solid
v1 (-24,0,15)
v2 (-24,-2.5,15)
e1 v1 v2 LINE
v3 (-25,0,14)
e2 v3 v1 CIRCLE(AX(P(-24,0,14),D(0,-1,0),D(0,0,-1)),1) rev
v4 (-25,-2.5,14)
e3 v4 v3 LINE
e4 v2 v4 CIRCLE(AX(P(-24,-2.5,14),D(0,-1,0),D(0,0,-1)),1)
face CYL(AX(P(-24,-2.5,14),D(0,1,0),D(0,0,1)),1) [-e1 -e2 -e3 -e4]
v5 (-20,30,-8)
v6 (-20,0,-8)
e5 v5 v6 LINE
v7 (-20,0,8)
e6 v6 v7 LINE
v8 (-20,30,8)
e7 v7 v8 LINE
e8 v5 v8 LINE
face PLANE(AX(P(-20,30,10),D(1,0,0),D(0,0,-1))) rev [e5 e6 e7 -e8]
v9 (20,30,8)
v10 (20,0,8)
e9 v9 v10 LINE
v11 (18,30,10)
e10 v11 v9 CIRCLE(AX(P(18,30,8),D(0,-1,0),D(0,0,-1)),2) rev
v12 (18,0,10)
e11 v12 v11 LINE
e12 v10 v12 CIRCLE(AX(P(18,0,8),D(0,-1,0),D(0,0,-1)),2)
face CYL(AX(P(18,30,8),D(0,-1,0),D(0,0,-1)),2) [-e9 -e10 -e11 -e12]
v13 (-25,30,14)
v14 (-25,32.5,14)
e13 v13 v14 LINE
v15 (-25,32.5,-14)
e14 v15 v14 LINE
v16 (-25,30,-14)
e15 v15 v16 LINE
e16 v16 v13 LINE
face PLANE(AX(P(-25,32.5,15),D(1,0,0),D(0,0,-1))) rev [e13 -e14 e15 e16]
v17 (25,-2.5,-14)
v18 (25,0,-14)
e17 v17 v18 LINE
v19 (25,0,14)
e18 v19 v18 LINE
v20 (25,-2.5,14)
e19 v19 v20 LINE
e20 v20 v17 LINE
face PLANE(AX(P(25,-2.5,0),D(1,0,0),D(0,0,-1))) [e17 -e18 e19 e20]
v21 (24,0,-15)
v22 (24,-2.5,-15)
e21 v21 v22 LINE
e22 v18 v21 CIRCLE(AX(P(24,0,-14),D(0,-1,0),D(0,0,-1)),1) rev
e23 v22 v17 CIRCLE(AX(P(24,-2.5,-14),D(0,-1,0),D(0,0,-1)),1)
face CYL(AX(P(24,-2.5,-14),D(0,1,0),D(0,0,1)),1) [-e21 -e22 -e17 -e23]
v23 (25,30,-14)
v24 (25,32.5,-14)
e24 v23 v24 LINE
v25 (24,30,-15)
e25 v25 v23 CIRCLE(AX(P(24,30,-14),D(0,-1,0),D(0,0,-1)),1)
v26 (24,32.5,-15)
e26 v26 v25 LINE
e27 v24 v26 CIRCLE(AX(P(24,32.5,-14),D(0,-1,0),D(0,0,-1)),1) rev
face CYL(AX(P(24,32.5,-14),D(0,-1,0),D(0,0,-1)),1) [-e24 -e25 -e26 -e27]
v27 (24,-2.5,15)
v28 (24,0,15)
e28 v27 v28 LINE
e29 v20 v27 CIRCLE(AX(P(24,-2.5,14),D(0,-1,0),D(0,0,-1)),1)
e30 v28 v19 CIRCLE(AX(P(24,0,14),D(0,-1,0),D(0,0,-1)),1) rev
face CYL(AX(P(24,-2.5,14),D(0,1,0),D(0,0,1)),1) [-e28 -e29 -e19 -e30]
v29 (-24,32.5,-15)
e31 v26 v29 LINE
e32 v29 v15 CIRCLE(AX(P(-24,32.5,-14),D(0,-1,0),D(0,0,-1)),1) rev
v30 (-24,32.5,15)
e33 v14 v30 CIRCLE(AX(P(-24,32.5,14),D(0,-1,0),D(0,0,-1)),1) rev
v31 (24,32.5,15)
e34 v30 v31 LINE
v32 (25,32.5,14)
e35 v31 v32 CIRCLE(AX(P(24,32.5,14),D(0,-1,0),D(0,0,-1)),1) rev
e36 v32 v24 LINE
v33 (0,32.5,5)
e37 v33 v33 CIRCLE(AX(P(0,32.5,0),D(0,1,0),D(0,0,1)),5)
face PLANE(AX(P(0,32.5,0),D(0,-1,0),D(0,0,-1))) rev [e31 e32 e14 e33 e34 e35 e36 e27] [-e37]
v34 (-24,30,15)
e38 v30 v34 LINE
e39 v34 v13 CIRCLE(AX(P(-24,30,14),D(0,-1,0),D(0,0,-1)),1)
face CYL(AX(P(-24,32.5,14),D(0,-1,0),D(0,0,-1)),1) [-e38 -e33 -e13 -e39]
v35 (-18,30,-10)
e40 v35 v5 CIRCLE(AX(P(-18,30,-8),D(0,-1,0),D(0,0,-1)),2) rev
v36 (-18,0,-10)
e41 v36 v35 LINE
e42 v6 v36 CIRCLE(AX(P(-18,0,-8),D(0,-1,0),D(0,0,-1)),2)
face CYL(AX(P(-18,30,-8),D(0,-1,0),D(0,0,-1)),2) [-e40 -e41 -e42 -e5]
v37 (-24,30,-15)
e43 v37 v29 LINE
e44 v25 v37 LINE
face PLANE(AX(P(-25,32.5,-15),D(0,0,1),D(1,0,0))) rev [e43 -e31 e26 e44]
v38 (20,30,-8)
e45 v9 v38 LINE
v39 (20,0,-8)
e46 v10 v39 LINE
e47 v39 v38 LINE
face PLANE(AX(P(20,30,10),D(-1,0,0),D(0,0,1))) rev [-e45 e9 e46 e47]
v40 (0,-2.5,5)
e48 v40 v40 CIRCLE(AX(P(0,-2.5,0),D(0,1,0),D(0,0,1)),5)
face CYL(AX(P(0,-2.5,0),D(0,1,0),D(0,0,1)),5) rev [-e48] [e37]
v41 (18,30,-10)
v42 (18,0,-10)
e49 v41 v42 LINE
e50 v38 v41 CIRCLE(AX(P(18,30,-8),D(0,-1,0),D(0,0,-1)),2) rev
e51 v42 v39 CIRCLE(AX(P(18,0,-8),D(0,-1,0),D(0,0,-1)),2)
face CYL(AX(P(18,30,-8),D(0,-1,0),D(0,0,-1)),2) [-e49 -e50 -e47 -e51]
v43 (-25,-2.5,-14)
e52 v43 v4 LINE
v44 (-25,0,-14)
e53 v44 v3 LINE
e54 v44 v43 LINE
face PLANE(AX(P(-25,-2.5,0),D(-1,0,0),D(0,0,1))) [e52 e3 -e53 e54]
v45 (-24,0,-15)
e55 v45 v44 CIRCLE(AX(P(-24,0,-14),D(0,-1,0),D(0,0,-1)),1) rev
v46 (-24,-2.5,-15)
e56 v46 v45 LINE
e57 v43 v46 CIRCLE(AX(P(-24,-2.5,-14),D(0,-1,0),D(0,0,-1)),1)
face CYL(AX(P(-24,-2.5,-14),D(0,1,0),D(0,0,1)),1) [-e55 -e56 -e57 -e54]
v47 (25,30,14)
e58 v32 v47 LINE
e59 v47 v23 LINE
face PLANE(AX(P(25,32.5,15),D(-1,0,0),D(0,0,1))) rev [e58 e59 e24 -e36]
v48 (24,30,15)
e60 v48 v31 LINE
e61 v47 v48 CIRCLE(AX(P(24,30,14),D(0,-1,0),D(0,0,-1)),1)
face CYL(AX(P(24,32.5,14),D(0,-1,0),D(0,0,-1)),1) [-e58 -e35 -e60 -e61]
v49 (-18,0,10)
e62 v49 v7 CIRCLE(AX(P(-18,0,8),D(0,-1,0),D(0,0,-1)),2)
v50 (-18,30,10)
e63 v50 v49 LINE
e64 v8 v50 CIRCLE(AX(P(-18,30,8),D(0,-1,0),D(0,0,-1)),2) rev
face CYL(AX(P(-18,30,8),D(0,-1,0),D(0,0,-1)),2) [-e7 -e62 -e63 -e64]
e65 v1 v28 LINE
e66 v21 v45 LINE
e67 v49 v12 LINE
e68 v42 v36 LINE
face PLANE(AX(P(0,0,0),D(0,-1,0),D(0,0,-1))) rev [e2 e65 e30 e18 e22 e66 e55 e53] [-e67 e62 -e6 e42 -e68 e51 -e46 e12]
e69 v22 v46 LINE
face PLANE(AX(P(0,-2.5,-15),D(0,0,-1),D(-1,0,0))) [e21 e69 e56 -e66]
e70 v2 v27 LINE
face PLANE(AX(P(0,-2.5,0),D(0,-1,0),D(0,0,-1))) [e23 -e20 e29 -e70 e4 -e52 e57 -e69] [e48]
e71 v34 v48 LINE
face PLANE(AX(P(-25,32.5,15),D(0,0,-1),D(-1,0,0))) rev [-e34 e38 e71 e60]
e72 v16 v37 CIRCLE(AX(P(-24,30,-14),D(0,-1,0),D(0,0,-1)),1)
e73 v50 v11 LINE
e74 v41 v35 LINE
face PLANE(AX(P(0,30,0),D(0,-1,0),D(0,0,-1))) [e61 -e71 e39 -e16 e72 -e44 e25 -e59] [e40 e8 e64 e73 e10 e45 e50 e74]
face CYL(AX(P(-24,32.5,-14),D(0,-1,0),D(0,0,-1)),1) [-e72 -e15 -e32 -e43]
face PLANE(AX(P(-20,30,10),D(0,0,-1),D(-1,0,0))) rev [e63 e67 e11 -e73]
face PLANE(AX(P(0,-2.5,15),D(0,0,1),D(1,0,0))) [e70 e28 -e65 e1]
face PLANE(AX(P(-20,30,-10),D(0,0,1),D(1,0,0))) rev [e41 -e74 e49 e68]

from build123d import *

# Parameters (mm, degrees)
SKETCH1_W          = 40
SKETCH1_H          = 20
MAIN_BODY_DEPTH    = 30
SKETCH2_W          = 50
SKETCH2_H          = 30
FLANGE_1_DEPTH     = 2.5
SKETCH4_W          = 50
SKETCH4_H          = 30
SKETCH4_W_2        = 40
SKETCH4_H_2        = 20
FLANGE_2_DEPTH     = 2.5
SKETCH5_R          = 5
HOLE_DEPTH         = 46.552167896
MAIN_BODY_FILLET_R = 2
FLANGE_FILLET_R    = 1


with BuildPart() as part:
    # Sketch1 → Main Body (new body)
    with BuildSketch(Plane(origin=(0, 0, 0), x_dir=(1, 0, 0), z_dir=(0, 1, 0))):
        Rectangle(SKETCH1_W, SKETCH1_H)
    extrude(amount=MAIN_BODY_DEPTH)

    # Sketch2 → Flange 1 (add)
    with BuildSketch(Plane(origin=(0, 30, 0), x_dir=(1, 0, 0), z_dir=(0, 1, 0))):
        Rectangle(SKETCH2_W, SKETCH2_H)
    extrude(amount=FLANGE_1_DEPTH)

    # Sketch4 → Flange 2 (add)
    # profile 1 of 2: a face of its own
    with BuildSketch(Plane.XZ):
        Rectangle(SKETCH4_W, SKETCH4_H)
        Rectangle(SKETCH4_W_2, SKETCH4_H_2, mode=Mode.SUBTRACT)
    # profile 2 of 2: a face of its own
    with BuildSketch(Plane.XZ):
        Rectangle(SKETCH4_W_2, SKETCH4_H_2)
    extrude(amount=FLANGE_2_DEPTH)

    # Sketch5 → Hole (cut, through all)
    with BuildSketch(Plane(origin=(0, 32.5, 0), x_dir=(1, 0, 0), z_dir=(0, 1, 0))):
        with Locations(Location((0, 0, 0), (0, 0, 270))):
            Circle(SKETCH5_R)
    extrude(amount=-HOLE_DEPTH, mode=Mode.SUBTRACT)

    # Main Body Fillet
    main_body_fillet_edges = [part.edges().sort_by_distance(p)[0] for p in [
        (20, 15, 10),
        (-20, 15, 10),
        (-20, 15, -10),
        (20, 15, -10),
    ]]
    fillet(main_body_fillet_edges, radius=MAIN_BODY_FILLET_R)

    # Flange Fillet
    flange_fillet_edges = [part.edges().sort_by_distance(p)[0] for p in [
        (25, 31.25, 15),
        (25, 31.25, -15),
        (-25, 31.25, -15),
        (-25, 31.25, 15),
        (25, -1.25, 15),
        (-25, -1.25, 15),
        (-25, -1.25, -15),
        (25, -1.25, -15),
    ]]
    fillet(flange_fillet_edges, radius=FLANGE_FILLET_R)


solid = part.part
